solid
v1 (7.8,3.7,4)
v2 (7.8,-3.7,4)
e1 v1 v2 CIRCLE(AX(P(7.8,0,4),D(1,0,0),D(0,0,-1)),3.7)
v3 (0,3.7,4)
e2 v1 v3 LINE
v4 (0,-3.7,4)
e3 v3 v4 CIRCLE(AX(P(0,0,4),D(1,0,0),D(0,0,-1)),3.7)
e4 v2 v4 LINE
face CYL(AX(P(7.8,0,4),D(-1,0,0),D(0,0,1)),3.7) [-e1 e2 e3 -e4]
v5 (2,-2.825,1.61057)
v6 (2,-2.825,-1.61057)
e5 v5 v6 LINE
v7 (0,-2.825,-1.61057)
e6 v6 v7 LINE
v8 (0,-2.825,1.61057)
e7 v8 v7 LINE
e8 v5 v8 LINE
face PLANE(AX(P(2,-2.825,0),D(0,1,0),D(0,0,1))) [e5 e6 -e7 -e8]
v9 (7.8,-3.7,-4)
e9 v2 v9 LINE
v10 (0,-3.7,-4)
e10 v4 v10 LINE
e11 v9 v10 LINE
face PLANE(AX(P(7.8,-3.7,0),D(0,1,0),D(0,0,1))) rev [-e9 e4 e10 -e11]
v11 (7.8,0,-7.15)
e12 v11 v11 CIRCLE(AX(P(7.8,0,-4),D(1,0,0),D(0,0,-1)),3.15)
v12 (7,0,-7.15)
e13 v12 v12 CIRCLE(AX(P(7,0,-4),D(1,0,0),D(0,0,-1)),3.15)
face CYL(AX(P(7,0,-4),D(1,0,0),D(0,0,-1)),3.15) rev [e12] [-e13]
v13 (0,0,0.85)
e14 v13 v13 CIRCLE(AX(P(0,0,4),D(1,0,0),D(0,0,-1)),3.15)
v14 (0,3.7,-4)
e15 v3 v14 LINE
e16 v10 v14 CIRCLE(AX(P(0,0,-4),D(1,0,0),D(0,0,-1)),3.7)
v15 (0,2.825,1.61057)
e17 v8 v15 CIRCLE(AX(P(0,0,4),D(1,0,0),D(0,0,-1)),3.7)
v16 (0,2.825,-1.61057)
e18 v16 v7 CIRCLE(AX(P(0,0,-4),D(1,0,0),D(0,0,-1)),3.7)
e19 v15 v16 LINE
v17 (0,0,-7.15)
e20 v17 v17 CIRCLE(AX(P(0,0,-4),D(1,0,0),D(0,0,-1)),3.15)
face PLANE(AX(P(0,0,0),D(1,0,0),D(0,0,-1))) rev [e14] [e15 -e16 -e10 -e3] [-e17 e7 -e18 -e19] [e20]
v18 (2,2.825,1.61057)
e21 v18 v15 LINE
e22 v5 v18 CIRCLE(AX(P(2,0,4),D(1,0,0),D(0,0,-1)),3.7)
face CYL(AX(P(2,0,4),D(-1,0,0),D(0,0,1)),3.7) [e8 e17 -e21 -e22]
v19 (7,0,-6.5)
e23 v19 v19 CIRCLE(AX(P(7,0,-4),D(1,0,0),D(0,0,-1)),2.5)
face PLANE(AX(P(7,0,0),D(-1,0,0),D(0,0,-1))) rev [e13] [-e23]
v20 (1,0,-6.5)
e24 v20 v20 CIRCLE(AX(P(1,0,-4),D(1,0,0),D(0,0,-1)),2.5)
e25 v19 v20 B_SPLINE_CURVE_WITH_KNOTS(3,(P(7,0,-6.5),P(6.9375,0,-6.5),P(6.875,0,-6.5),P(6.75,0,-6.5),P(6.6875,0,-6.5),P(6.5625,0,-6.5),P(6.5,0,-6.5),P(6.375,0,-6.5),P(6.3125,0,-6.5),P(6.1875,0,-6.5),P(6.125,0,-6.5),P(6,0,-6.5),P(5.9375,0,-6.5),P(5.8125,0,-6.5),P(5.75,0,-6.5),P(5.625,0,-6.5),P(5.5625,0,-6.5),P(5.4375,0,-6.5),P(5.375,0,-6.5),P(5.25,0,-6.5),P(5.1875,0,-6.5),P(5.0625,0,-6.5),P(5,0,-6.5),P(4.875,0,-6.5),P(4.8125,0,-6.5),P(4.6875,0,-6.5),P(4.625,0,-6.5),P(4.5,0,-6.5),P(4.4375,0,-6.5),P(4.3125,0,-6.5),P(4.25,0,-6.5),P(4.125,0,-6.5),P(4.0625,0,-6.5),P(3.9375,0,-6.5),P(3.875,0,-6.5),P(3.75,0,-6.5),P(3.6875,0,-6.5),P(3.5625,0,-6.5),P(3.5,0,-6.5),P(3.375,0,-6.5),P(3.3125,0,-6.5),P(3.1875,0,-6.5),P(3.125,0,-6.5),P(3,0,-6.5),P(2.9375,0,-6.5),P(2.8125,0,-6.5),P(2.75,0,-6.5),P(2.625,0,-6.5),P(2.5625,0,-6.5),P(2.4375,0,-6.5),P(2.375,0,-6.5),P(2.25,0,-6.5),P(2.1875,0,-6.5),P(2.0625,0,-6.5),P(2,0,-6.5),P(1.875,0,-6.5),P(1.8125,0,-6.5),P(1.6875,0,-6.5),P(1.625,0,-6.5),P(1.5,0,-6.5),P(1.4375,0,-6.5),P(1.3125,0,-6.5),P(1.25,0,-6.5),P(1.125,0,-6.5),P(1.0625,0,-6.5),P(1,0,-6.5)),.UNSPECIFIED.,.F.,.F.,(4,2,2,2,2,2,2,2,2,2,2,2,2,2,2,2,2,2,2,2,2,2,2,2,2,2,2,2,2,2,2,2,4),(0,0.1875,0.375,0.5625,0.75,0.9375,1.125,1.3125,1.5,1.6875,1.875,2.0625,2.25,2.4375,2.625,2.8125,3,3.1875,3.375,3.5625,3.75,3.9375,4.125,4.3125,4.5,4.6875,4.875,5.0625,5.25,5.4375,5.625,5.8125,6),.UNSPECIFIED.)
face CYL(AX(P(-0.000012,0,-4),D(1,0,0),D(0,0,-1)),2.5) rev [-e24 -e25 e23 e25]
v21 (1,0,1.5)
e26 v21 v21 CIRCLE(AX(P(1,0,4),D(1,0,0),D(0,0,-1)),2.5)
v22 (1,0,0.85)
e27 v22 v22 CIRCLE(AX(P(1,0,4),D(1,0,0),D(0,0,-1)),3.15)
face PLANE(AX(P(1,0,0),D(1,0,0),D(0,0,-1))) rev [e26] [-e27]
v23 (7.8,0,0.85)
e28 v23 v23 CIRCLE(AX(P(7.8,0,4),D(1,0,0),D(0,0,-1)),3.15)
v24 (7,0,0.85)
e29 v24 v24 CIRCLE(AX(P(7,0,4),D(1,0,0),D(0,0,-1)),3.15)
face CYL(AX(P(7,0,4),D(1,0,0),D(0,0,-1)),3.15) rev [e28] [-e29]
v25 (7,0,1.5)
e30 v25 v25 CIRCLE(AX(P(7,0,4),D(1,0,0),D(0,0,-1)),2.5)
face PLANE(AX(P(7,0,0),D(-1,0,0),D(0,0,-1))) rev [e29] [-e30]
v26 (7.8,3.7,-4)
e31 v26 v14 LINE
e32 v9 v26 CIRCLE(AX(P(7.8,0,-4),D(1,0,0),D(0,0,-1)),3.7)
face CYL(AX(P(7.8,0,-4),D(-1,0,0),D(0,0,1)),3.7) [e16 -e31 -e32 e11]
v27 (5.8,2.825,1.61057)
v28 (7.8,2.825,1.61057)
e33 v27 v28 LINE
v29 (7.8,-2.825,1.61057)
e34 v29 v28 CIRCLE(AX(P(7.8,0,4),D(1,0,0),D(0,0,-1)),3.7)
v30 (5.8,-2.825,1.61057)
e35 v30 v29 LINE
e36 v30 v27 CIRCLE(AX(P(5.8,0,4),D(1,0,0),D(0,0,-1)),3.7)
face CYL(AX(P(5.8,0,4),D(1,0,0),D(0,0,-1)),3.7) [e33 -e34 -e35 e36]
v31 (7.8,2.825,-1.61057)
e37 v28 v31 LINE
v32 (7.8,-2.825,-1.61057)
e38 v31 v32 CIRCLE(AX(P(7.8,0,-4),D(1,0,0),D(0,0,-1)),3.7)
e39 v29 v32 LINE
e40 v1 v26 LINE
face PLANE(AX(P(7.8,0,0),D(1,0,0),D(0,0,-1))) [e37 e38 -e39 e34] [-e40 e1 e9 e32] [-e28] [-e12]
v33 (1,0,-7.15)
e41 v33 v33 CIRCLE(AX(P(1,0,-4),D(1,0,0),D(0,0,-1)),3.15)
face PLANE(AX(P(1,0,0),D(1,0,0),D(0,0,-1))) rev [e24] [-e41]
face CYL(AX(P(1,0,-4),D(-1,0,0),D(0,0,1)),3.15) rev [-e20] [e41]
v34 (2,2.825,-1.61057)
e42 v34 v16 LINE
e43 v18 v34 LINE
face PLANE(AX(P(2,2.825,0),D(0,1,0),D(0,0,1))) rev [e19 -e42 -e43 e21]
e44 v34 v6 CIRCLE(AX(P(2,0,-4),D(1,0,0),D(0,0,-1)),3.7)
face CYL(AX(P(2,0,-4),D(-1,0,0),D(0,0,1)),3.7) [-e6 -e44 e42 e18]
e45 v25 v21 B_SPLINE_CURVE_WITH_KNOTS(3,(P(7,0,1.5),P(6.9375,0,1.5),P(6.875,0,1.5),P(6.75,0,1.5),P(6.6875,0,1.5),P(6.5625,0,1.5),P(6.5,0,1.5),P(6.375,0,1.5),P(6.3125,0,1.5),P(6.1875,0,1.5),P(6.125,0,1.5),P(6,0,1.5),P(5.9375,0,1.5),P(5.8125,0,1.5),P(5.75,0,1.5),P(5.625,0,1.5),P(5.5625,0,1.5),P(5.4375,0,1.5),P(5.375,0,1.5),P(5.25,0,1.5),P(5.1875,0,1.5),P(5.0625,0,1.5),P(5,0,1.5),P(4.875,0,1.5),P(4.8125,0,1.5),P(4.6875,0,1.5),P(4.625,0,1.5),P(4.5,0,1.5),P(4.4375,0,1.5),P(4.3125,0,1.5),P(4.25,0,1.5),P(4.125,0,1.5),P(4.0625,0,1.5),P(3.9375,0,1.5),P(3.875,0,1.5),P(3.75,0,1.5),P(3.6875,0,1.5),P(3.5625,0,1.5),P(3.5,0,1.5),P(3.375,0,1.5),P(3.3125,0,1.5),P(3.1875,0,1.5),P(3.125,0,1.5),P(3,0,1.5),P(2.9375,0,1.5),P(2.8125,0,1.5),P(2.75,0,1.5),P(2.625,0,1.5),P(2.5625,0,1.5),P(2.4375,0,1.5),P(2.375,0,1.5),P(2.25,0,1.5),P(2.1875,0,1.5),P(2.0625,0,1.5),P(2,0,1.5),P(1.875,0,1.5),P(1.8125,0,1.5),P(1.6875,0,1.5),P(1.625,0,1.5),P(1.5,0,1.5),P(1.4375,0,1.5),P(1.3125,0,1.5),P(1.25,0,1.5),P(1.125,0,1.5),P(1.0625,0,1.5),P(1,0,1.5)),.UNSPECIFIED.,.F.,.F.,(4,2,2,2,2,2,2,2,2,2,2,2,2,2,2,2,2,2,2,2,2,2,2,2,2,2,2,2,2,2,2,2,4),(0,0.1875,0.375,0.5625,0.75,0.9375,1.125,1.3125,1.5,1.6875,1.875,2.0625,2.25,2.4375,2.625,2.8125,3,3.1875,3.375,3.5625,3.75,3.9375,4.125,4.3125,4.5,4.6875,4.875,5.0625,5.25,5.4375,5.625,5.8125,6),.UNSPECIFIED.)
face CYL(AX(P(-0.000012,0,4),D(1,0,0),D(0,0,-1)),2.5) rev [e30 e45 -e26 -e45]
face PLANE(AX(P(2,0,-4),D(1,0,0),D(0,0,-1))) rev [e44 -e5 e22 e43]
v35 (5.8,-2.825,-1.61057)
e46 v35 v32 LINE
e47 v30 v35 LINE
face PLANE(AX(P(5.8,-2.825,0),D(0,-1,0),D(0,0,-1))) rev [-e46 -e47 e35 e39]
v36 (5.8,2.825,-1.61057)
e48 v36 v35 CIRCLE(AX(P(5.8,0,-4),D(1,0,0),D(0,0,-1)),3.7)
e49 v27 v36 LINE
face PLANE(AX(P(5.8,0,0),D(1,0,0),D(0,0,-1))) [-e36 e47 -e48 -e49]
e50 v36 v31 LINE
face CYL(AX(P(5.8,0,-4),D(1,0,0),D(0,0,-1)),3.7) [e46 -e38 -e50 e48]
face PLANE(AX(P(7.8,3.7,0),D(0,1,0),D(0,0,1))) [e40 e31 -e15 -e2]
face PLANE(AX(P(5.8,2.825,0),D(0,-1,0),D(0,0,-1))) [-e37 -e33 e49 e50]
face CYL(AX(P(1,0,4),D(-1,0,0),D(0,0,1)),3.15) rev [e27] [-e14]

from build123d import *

# Parameters (mm, degrees)
EXTRUDE_1_DEPTH          = 7.8
CUT_EXTRUDE_1_DEPTH      = 12.568059474
CUT_EXTRUDE_1_DEPTH_BACK = 12.568059474
SKETCH_2_3_R             = 2.5
SKETCH_2_6_R             = 3.15
CUT_EXTRUDE_6_DEPTH      = 1
CUT_EXTRUDE_START        = -2
CUT_EXTRUDE_7_DEPTH      = 2
CUT_EXTRUDE_START_2      = -7.8
CUT_EXTRUDE_8_DEPTH      = 2


with BuildPart() as part:
    # 草图2 → 凸台-拉伸1 (new body)
    with BuildSketch(Plane(origin=(0, 0, 0), x_dir=(0, 0, -1), z_dir=(1, 0, 0))):
        with BuildLine():
            Line((-4, 3.7), (4, 3.7))
            ThreePointArc((4, 3.7), (7.7, 0), (4, -3.7))
            Line((4, -3.7), (-4, -3.7))
            ThreePointArc((-4, -3.7), (-7.7, 0), (-4, 3.7))
        make_face()
    extrude(amount=EXTRUDE_1_DEPTH)

    # 草图2<3> → 切除-拉伸1 (cut, two sides: drawn at the far end of the back side and taken through both)
    with BuildSketch(Plane(origin=(0, 0, 0), x_dir=(0, 0, -1), z_dir=(1, 0, 0)).offset(-CUT_EXTRUDE_1_DEPTH_BACK)):
        with Locations((-4, 0)):
            Circle(SKETCH_2_3_R)
        with Locations((4, 0)):
            Circle(SKETCH_2_3_R)
    extrude(amount=CUT_EXTRUDE_1_DEPTH + CUT_EXTRUDE_1_DEPTH_BACK, mode=Mode.SUBTRACT)

    # 草图2<6> → 切除-拉伸6 (cut)
    with BuildSketch(Plane(origin=(0, 0, 0), x_dir=(0, 0, -1), z_dir=(1, 0, 0))):
        with Locations((-4, 0)):
            Circle(SKETCH_2_6_R)
        with Locations((4, 0)):
            Circle(SKETCH_2_6_R)
    cut_extrude_6 = extrude(amount=CUT_EXTRUDE_6_DEPTH, mode=Mode.SUBTRACT)

    # 镜向1: 切除-拉伸6 across plane
    add(cut_extrude_6.mirror(Plane(origin=(4, 0, 0), x_dir=(0, 0, 1), z_dir=(1, 0, 0))), mode=Mode.SUBTRACT)

    # 草图3 → 切除-拉伸7 (cut)
    with BuildSketch(Plane(origin=(7.8, 0, 0), x_dir=(0, 0, -1), z_dir=(1, 0, 0)).offset(CUT_EXTRUDE_START)):
        with BuildLine():
            Line((1.610570152, 2.825), (-1.610570152, 2.825))
            ThreePointArc((-1.610570152, 2.825), (-0.643596386, 1.557098192), (-0.3, 0))
            ThreePointArc((-0.3, 0), (-0.643596386, -1.557098192), (-1.610570152, -2.825))
            Line((-1.610570152, -2.825), (1.610570152, -2.825))
            ThreePointArc((1.610570152, -2.825), (0.3, 0), (1.610570152, 2.825))
        make_face()
    extrude(amount=CUT_EXTRUDE_7_DEPTH, mode=Mode.SUBTRACT)

    # 草图3<3> → 切除-拉伸8 (cut)
    with BuildSketch(Plane(origin=(7.8, 0, 0), x_dir=(0, 0, -1), z_dir=(1, 0, 0)).offset(CUT_EXTRUDE_START_2)):
        with BuildLine():
            Line((1.610570152, 2.825), (-1.610570152, 2.825))
            ThreePointArc((-1.610570152, 2.825), (-0.643596386, 1.557098192), (-0.3, 0))
            ThreePointArc((-0.3, 0), (-0.643596386, -1.557098192), (-1.610570152, -2.825))
            Line((-1.610570152, -2.825), (1.610570152, -2.825))
            ThreePointArc((1.610570152, -2.825), (0.3, 0), (1.610570152, 2.825))
        make_face()
    extrude(amount=CUT_EXTRUDE_8_DEPTH, mode=Mode.SUBTRACT)


solid = part.part
